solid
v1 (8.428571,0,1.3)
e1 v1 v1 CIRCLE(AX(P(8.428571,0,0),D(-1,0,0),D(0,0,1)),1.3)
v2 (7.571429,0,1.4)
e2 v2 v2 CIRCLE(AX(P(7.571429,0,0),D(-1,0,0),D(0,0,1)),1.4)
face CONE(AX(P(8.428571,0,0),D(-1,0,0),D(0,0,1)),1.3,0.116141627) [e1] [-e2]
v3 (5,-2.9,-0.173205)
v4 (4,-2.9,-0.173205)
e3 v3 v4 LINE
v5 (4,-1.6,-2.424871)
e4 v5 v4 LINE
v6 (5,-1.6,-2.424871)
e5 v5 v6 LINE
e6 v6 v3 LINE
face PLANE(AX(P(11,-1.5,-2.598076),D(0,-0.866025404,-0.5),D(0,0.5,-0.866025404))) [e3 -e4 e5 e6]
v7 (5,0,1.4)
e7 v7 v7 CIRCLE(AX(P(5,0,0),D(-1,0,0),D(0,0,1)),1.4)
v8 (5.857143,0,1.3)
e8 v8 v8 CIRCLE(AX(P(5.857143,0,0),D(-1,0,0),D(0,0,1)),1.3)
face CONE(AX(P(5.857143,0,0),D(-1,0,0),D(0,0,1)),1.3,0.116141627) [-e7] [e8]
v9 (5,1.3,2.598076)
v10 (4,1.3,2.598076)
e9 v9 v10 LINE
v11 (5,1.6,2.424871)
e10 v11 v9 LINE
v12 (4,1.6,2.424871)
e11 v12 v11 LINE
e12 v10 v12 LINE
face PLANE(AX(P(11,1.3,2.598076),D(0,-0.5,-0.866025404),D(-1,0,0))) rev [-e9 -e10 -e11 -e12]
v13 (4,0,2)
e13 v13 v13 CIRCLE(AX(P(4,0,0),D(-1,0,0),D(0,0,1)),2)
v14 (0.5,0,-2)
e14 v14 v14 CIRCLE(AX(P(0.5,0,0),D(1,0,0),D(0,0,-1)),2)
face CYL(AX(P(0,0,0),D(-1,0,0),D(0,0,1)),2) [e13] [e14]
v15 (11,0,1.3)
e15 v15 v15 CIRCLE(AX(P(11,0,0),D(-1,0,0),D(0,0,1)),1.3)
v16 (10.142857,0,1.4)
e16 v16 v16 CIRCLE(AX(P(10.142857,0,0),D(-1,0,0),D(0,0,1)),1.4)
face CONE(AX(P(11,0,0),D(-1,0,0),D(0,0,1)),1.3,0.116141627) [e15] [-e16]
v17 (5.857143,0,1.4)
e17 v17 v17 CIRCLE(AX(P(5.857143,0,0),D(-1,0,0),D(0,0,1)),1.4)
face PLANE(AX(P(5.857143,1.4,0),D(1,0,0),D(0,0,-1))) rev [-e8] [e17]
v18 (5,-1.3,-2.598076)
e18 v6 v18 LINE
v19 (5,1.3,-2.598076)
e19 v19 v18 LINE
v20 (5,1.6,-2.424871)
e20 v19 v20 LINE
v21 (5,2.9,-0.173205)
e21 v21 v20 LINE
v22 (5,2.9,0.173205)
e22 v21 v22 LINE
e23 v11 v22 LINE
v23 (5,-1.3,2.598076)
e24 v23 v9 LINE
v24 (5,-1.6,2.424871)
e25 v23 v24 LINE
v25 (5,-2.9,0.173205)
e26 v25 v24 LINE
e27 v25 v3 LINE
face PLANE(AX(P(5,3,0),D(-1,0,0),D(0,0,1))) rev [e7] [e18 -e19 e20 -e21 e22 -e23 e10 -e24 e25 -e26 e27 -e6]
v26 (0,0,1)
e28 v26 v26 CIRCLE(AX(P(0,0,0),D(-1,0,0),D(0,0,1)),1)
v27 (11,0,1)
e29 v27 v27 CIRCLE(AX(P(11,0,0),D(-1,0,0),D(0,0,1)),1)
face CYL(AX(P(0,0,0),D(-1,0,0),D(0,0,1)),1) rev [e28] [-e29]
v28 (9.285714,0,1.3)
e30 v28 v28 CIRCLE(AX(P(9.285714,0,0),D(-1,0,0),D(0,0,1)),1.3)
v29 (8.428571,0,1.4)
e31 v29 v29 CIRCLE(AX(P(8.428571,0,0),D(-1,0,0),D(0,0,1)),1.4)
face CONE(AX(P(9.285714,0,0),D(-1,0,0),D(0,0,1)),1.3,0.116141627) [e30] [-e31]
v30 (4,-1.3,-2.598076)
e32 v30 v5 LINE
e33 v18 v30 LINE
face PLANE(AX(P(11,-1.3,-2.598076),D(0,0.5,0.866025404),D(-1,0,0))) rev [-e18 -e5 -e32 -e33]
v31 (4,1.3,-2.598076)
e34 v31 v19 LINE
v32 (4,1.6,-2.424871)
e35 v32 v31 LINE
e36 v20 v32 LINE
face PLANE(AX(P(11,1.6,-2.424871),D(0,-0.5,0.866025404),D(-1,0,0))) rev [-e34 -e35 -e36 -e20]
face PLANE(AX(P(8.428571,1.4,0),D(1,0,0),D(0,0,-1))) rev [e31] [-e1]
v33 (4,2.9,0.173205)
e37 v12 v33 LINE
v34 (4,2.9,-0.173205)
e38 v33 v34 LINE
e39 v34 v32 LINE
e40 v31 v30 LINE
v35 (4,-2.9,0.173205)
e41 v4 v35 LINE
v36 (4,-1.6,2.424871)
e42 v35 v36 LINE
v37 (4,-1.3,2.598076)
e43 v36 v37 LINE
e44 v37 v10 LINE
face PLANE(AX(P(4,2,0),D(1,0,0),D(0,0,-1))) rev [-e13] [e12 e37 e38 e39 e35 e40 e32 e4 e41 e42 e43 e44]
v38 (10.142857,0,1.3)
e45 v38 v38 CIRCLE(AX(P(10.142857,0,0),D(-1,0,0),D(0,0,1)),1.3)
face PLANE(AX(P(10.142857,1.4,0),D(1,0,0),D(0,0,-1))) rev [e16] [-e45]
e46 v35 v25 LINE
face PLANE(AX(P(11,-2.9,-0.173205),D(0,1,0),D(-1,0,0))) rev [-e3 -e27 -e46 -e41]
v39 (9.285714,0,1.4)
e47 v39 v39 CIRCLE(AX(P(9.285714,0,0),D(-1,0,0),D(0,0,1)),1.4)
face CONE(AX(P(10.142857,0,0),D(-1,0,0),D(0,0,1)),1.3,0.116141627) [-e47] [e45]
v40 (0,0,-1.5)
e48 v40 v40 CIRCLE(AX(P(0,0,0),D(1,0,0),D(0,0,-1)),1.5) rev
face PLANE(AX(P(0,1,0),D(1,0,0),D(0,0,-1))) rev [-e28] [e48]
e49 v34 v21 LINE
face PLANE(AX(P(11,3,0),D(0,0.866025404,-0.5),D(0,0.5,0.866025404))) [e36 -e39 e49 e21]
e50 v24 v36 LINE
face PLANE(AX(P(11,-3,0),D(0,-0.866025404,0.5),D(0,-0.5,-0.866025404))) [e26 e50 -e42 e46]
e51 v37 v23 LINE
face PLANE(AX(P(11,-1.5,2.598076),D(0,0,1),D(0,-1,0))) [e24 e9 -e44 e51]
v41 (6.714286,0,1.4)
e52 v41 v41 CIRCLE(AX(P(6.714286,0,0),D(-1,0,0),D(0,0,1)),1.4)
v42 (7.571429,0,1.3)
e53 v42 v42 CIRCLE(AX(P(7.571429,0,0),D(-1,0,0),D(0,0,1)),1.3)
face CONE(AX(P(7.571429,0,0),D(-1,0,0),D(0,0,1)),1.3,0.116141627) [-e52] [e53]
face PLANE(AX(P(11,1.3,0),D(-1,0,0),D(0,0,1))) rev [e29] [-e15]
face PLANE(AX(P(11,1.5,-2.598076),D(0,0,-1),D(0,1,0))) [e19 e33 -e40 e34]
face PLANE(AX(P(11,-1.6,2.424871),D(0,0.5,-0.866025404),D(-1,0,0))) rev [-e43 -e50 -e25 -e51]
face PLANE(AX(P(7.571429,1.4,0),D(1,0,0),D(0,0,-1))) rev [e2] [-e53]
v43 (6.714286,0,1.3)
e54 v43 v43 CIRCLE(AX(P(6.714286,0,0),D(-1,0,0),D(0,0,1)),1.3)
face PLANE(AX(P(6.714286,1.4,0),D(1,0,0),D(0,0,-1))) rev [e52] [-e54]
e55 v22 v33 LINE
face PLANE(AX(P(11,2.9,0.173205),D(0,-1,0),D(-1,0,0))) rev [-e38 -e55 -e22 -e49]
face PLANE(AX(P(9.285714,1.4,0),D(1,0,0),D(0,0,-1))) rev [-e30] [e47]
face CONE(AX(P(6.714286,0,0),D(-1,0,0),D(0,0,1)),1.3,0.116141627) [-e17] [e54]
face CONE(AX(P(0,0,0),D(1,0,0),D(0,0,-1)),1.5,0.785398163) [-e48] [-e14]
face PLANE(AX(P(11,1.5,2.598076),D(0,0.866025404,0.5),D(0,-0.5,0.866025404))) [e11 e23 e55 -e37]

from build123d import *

# Parameters (mm, degrees)
CHAMFER1_SIZE      = 0.5
SKETCH2_R          = 6
CUT_EXTRUDE2_DEPTH = 9.185352772
CHAMFER2_SIZE      = 0.2


with BuildPart() as part:
    # Sketch1 → Revolve1 (revolve)
    with BuildSketch(Plane.XY, mode=Mode.PRIVATE) as revolve1_sk:
        Polygon((0, 1), (11, 1), (11, 1.3), (10.142857143, 1.4), (10.142857143, 1.3), (9.285714286, 1.4), (9.285714286, 1.3), (8.428571429, 1.4), (8.428571429, 1.3), (7.571428571, 1.4), (7.571428571, 1.3), (6.714285714, 1.4), (6.714285714, 1.3), (5.857142857, 1.4), (5.857142857, 1.3), (5, 1.4), (5, 3), (4, 3), (4, 2), (0, 2), align=None)
    revolve(revolve1_sk.sketch.rotate(Axis((0, 0, 0), (1, 0, 0)), 90), axis=Axis((0, 0, 0), (1, 0, 0)))

    # Chamfer1
    chamfer1_edges = [part.edges().sort_by_distance(p)[0] for p in [
        (0, 0, -2),
    ]]
    chamfer(chamfer1_edges, length=CHAMFER1_SIZE)

    # Sketch2 → Cut-Extrude2 (cut, through all)
    with BuildSketch(Plane.ZY.offset(-4)):
        Circle(SKETCH2_R)
        Polygon((0, 3), (-2.598076211, 1.5), (-2.598076211, -1.5), (0, -3), (2.598076211, -1.5), (2.598076211, 1.5), align=None, mode=Mode.SUBTRACT)
    extrude(amount=-CUT_EXTRUDE2_DEPTH, mode=Mode.SUBTRACT)

    # Chamfer2
    chamfer2_edges = [part.edges().sort_by_distance(p)[0] for p in [
        (4.5, 1.5, 2.598076211),
        (4.5, -1.5, 2.598076211),
        (4.5, -3, 0),
        (4.5, -1.5, -2.598076211),
        (4.5, 1.5, -2.598076211),
        (4.5, 3, 0),
    ]]
    chamfer(chamfer2_edges, length=CHAMFER2_SIZE)


solid = part.part
